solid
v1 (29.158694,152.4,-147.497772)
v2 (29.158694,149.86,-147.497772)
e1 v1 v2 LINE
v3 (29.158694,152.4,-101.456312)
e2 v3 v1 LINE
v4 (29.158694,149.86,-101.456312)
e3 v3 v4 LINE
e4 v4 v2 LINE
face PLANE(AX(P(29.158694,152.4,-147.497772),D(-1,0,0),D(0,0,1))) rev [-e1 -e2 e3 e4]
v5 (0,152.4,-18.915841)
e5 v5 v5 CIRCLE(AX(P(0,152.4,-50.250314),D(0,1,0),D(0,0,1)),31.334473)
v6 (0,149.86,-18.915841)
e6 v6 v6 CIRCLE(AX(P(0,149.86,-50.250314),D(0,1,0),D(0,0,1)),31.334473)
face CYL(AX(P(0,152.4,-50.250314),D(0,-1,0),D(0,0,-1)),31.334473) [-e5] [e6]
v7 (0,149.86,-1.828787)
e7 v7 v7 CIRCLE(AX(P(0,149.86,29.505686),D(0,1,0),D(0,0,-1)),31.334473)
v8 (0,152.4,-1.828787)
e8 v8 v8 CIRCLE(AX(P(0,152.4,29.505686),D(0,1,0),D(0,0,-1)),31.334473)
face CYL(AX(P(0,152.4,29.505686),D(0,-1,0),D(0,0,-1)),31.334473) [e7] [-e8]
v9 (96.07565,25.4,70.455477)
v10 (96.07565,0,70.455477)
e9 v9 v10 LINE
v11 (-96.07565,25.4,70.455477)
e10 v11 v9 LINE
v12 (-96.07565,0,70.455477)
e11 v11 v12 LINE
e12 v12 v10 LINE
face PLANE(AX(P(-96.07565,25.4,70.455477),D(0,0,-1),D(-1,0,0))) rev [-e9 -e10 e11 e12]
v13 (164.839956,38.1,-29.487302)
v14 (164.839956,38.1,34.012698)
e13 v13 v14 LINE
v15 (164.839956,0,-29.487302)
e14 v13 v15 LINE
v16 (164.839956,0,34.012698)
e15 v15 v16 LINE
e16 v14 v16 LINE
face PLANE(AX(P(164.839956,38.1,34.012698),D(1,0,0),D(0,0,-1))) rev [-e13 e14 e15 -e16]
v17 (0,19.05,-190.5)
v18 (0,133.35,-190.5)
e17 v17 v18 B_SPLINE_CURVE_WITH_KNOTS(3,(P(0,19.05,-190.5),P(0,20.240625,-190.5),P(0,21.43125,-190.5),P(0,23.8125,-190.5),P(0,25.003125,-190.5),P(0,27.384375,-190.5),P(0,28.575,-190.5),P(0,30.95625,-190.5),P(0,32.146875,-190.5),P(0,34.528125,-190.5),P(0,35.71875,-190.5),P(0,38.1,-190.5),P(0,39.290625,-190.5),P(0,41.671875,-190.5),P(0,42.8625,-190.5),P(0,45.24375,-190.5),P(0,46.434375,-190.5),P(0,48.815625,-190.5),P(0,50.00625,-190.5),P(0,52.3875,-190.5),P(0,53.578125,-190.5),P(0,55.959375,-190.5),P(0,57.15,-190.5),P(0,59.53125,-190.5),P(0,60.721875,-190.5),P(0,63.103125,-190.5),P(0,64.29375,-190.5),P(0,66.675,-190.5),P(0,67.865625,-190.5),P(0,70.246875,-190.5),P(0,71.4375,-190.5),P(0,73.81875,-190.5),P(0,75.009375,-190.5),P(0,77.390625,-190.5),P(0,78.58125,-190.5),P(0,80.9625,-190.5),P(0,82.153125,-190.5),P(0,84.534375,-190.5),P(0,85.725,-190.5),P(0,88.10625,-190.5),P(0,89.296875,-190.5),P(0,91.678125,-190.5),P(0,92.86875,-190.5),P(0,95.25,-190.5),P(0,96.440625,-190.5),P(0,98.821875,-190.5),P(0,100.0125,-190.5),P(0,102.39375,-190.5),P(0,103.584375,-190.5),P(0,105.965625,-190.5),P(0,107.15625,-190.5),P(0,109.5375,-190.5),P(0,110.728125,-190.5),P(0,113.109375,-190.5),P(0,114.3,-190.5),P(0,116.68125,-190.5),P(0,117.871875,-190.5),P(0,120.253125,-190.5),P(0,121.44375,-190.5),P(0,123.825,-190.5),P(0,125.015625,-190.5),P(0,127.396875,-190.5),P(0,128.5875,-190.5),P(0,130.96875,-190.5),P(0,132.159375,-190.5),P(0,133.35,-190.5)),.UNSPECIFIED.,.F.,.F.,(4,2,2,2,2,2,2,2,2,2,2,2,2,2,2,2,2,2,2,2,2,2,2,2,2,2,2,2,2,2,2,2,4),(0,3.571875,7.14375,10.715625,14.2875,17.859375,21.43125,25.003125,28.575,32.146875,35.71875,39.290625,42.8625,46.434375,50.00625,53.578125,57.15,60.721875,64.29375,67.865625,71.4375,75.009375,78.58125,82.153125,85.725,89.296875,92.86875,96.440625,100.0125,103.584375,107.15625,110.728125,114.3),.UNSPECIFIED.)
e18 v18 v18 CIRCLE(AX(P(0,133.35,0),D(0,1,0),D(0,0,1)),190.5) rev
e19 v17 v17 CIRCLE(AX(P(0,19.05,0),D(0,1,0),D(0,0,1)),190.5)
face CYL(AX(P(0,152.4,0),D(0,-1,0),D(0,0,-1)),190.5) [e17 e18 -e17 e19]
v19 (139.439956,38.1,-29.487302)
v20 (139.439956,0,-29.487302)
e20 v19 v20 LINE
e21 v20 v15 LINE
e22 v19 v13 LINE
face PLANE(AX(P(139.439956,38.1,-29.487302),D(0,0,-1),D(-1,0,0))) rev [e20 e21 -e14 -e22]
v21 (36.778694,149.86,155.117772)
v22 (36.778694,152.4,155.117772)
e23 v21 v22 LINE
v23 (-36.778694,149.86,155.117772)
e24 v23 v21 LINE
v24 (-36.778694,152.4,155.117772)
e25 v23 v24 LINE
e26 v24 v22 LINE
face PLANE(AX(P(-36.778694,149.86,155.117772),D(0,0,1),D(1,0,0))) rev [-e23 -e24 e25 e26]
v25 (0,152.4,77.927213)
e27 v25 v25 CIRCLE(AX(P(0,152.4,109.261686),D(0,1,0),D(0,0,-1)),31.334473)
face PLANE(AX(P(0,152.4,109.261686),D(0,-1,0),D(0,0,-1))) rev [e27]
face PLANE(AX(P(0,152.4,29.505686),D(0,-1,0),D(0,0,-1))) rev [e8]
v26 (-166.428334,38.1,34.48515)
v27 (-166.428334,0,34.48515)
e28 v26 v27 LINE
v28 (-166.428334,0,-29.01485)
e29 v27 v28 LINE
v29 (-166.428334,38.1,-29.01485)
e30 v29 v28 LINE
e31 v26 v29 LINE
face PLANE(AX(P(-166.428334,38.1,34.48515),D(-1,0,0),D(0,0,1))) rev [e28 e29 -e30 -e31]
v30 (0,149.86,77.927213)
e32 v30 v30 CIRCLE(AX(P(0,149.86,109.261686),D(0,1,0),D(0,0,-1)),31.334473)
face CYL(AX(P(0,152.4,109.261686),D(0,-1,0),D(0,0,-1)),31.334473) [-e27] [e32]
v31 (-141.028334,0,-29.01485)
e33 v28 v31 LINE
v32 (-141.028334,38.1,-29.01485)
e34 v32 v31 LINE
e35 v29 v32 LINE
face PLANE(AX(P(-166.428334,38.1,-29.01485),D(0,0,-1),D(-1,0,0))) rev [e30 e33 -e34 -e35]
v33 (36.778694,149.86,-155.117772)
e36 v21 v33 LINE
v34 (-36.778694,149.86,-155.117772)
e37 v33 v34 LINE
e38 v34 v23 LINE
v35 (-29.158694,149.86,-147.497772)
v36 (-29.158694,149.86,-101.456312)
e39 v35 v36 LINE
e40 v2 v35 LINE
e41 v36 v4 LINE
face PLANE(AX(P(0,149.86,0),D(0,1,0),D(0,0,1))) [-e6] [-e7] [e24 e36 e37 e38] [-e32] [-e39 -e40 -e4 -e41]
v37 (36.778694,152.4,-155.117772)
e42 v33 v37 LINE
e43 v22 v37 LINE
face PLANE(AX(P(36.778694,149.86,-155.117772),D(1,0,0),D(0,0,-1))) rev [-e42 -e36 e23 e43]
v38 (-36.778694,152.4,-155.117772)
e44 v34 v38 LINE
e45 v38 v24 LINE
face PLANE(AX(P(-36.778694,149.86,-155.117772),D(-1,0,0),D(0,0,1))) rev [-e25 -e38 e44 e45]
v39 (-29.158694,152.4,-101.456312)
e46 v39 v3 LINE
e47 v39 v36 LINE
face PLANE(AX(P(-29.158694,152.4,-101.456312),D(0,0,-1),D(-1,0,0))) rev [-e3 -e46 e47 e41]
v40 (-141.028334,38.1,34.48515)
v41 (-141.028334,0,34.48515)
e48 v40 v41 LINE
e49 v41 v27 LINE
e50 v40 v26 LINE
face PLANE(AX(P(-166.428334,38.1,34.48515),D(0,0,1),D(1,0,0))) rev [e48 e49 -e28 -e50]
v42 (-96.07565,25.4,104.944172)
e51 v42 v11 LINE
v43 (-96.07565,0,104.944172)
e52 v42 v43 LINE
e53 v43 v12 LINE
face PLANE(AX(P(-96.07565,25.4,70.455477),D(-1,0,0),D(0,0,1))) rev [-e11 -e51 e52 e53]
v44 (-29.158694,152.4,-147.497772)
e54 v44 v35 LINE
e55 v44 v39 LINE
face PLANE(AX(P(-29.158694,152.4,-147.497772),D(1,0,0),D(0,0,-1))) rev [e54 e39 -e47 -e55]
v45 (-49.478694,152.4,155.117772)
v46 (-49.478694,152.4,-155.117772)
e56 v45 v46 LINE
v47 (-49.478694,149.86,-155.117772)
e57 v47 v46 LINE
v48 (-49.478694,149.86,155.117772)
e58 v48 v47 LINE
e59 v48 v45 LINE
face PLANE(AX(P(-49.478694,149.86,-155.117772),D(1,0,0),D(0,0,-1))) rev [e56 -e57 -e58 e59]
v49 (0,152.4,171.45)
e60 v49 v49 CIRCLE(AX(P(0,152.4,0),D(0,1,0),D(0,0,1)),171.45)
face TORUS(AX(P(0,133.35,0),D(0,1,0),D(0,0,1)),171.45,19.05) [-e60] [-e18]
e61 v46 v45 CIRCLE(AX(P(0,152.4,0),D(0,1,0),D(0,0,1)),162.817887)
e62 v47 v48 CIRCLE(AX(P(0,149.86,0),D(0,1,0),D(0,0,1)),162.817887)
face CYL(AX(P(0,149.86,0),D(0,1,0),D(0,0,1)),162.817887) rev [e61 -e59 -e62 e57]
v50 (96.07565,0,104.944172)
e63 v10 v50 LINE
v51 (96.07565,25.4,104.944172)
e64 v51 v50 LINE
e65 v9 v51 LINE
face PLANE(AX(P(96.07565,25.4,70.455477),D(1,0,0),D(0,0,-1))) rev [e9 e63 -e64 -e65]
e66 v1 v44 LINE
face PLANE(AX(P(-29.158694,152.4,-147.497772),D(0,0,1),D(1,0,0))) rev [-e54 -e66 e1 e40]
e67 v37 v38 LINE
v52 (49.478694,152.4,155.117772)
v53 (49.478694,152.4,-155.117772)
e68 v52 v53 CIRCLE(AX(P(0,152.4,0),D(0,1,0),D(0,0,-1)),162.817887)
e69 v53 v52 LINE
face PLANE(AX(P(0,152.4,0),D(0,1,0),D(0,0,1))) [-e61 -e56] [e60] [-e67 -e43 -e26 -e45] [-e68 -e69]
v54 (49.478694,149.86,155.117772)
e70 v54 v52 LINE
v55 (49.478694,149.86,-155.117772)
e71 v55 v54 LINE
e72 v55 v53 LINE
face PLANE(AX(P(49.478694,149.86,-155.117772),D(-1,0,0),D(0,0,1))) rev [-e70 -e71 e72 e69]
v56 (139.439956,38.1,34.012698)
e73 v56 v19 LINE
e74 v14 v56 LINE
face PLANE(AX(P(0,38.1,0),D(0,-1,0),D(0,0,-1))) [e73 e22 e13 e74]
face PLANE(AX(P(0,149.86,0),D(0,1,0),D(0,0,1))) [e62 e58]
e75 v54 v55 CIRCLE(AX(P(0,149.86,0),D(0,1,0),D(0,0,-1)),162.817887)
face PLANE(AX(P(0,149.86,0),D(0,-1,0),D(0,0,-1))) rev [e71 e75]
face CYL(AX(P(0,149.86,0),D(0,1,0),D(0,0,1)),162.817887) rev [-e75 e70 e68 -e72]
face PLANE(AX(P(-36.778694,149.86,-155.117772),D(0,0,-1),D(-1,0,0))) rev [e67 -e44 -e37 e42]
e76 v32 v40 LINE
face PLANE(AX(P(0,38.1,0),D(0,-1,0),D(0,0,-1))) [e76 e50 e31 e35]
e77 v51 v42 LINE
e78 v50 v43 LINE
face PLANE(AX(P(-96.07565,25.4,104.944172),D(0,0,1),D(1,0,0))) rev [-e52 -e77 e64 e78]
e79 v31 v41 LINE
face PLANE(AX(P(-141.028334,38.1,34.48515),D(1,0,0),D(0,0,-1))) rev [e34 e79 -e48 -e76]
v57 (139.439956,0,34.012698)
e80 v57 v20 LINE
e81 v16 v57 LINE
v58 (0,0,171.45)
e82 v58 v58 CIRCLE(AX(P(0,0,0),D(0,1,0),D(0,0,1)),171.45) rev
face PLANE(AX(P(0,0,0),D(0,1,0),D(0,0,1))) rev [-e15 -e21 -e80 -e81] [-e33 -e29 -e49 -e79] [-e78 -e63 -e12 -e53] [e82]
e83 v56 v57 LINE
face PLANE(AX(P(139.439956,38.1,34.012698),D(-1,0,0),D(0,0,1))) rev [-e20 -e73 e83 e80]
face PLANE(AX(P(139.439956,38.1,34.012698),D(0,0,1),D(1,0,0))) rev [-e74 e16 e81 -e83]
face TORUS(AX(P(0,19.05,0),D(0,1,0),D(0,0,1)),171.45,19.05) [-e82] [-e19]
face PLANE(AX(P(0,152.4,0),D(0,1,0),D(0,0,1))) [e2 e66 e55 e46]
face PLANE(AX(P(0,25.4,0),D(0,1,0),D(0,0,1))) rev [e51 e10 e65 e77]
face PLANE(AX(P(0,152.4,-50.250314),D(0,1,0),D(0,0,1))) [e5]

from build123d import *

# Parameters (mm, degrees)
SKETCH1_R           = 190.5
BOSS_EXTRUDE1_DEPTH = 152.4
SKETCH4_W           = 73.557387936
SKETCH4_H           = 310.235544462
CUT_EXTRUDE2_DEPTH  = 2.54
SKETCH5_R           = 31.334472959
SKETCH5_W           = 58.317387936
SKETCH5_H           = 46.041460357
BOSS_EXTRUDE3_DEPTH = 2.54
SKETCH6_W           = 25.4
SKETCH6_H           = 63.5
CUT_EXTRUDE3_DEPTH  = 38.1
FILLET3_R           = 19.05
SKETCH8_W           = 192.151300236
SKETCH8_H           = 34.488694915
CUT_EXTRUDE4_DEPTH  = 25.4


with BuildPart() as part:
    # Sketch1 → Boss-Extrude1 (new body)
    with BuildSketch(Plane(origin=(0, 0, 0), x_dir=(1, 0, 0), z_dir=(0, 1, 0))):
        with Locations(Location((0, 0, 0), (0, 0, 90))):
            Circle(SKETCH1_R)
    extrude(amount=BOSS_EXTRUDE1_DEPTH)

    # Sketch4 → Cut-Extrude2 (cut)
    with BuildSketch(Plane(origin=(0, 152.4, 0), x_dir=(1, 0, 0), z_dir=(0, 1, 0))):
        with BuildLine():
            Line((-49.478693968, 155.117772231), (-49.478693968, -155.117772231))
            ThreePointArc((-49.478693968, -155.117772231), (-162.817887281, 0), (-49.478693968, 155.117772231))
        make_face()
        with BuildLine():
            Line((49.478693968, 155.117772231), (49.478693968, -155.117772231))
            ThreePointArc((49.478693968, -155.117772231), (162.817887281, 0), (49.478693968, 155.117772231))
        make_face()
        Rectangle(SKETCH4_W, SKETCH4_H)
    extrude(amount=-CUT_EXTRUDE2_DEPTH, mode=Mode.SUBTRACT)

    # Sketch5 → Boss-Extrude3 (add)
    with BuildSketch(Plane(origin=(0, 149.86, 0), x_dir=(1, 0, 0), z_dir=(0, 1, 0))):
        with Locations(Location((0, 50.250313703, 0), (0, 0, 270))):
            Circle(SKETCH5_R)
        with Locations(Location((0, -29.505686297, 0), (0, 0, 90))):
            Circle(SKETCH5_R)
        with Locations(Location((0, -109.261686297, 0), (0, 0, 90))):
            Circle(SKETCH5_R)
        with Locations((0, 124.477042052)):
            Rectangle(SKETCH5_W, SKETCH5_H)
    extrude(amount=BOSS_EXTRUDE3_DEPTH)

    # Sketch6 → Cut-Extrude3 (cut)
    with BuildSketch(Plane.XZ):
        with Locations((-153.728334256, 2.735150341)):
            Rectangle(SKETCH6_W, SKETCH6_H)
        with Locations((152.139955728, 2.262697534)):
            Rectangle(SKETCH6_W, SKETCH6_H)
    extrude(amount=-CUT_EXTRUDE3_DEPTH, mode=Mode.SUBTRACT)

    # Fillet3
    fillet3_edges = [part.edges().sort_by_distance(p)[0] for p in [
        (0, 0, 190.5),
        (0, 152.4, 190.5),
    ]]
    fillet(fillet3_edges, radius=FILLET3_R)

    # Sketch8 → Cut-Extrude4 (cut)
    with BuildSketch(Plane.XZ):
        with Locations((0, 87.69982421)):
            Rectangle(SKETCH8_W, SKETCH8_H)
    extrude(amount=-CUT_EXTRUDE4_DEPTH, mode=Mode.SUBTRACT)


solid = part.part
